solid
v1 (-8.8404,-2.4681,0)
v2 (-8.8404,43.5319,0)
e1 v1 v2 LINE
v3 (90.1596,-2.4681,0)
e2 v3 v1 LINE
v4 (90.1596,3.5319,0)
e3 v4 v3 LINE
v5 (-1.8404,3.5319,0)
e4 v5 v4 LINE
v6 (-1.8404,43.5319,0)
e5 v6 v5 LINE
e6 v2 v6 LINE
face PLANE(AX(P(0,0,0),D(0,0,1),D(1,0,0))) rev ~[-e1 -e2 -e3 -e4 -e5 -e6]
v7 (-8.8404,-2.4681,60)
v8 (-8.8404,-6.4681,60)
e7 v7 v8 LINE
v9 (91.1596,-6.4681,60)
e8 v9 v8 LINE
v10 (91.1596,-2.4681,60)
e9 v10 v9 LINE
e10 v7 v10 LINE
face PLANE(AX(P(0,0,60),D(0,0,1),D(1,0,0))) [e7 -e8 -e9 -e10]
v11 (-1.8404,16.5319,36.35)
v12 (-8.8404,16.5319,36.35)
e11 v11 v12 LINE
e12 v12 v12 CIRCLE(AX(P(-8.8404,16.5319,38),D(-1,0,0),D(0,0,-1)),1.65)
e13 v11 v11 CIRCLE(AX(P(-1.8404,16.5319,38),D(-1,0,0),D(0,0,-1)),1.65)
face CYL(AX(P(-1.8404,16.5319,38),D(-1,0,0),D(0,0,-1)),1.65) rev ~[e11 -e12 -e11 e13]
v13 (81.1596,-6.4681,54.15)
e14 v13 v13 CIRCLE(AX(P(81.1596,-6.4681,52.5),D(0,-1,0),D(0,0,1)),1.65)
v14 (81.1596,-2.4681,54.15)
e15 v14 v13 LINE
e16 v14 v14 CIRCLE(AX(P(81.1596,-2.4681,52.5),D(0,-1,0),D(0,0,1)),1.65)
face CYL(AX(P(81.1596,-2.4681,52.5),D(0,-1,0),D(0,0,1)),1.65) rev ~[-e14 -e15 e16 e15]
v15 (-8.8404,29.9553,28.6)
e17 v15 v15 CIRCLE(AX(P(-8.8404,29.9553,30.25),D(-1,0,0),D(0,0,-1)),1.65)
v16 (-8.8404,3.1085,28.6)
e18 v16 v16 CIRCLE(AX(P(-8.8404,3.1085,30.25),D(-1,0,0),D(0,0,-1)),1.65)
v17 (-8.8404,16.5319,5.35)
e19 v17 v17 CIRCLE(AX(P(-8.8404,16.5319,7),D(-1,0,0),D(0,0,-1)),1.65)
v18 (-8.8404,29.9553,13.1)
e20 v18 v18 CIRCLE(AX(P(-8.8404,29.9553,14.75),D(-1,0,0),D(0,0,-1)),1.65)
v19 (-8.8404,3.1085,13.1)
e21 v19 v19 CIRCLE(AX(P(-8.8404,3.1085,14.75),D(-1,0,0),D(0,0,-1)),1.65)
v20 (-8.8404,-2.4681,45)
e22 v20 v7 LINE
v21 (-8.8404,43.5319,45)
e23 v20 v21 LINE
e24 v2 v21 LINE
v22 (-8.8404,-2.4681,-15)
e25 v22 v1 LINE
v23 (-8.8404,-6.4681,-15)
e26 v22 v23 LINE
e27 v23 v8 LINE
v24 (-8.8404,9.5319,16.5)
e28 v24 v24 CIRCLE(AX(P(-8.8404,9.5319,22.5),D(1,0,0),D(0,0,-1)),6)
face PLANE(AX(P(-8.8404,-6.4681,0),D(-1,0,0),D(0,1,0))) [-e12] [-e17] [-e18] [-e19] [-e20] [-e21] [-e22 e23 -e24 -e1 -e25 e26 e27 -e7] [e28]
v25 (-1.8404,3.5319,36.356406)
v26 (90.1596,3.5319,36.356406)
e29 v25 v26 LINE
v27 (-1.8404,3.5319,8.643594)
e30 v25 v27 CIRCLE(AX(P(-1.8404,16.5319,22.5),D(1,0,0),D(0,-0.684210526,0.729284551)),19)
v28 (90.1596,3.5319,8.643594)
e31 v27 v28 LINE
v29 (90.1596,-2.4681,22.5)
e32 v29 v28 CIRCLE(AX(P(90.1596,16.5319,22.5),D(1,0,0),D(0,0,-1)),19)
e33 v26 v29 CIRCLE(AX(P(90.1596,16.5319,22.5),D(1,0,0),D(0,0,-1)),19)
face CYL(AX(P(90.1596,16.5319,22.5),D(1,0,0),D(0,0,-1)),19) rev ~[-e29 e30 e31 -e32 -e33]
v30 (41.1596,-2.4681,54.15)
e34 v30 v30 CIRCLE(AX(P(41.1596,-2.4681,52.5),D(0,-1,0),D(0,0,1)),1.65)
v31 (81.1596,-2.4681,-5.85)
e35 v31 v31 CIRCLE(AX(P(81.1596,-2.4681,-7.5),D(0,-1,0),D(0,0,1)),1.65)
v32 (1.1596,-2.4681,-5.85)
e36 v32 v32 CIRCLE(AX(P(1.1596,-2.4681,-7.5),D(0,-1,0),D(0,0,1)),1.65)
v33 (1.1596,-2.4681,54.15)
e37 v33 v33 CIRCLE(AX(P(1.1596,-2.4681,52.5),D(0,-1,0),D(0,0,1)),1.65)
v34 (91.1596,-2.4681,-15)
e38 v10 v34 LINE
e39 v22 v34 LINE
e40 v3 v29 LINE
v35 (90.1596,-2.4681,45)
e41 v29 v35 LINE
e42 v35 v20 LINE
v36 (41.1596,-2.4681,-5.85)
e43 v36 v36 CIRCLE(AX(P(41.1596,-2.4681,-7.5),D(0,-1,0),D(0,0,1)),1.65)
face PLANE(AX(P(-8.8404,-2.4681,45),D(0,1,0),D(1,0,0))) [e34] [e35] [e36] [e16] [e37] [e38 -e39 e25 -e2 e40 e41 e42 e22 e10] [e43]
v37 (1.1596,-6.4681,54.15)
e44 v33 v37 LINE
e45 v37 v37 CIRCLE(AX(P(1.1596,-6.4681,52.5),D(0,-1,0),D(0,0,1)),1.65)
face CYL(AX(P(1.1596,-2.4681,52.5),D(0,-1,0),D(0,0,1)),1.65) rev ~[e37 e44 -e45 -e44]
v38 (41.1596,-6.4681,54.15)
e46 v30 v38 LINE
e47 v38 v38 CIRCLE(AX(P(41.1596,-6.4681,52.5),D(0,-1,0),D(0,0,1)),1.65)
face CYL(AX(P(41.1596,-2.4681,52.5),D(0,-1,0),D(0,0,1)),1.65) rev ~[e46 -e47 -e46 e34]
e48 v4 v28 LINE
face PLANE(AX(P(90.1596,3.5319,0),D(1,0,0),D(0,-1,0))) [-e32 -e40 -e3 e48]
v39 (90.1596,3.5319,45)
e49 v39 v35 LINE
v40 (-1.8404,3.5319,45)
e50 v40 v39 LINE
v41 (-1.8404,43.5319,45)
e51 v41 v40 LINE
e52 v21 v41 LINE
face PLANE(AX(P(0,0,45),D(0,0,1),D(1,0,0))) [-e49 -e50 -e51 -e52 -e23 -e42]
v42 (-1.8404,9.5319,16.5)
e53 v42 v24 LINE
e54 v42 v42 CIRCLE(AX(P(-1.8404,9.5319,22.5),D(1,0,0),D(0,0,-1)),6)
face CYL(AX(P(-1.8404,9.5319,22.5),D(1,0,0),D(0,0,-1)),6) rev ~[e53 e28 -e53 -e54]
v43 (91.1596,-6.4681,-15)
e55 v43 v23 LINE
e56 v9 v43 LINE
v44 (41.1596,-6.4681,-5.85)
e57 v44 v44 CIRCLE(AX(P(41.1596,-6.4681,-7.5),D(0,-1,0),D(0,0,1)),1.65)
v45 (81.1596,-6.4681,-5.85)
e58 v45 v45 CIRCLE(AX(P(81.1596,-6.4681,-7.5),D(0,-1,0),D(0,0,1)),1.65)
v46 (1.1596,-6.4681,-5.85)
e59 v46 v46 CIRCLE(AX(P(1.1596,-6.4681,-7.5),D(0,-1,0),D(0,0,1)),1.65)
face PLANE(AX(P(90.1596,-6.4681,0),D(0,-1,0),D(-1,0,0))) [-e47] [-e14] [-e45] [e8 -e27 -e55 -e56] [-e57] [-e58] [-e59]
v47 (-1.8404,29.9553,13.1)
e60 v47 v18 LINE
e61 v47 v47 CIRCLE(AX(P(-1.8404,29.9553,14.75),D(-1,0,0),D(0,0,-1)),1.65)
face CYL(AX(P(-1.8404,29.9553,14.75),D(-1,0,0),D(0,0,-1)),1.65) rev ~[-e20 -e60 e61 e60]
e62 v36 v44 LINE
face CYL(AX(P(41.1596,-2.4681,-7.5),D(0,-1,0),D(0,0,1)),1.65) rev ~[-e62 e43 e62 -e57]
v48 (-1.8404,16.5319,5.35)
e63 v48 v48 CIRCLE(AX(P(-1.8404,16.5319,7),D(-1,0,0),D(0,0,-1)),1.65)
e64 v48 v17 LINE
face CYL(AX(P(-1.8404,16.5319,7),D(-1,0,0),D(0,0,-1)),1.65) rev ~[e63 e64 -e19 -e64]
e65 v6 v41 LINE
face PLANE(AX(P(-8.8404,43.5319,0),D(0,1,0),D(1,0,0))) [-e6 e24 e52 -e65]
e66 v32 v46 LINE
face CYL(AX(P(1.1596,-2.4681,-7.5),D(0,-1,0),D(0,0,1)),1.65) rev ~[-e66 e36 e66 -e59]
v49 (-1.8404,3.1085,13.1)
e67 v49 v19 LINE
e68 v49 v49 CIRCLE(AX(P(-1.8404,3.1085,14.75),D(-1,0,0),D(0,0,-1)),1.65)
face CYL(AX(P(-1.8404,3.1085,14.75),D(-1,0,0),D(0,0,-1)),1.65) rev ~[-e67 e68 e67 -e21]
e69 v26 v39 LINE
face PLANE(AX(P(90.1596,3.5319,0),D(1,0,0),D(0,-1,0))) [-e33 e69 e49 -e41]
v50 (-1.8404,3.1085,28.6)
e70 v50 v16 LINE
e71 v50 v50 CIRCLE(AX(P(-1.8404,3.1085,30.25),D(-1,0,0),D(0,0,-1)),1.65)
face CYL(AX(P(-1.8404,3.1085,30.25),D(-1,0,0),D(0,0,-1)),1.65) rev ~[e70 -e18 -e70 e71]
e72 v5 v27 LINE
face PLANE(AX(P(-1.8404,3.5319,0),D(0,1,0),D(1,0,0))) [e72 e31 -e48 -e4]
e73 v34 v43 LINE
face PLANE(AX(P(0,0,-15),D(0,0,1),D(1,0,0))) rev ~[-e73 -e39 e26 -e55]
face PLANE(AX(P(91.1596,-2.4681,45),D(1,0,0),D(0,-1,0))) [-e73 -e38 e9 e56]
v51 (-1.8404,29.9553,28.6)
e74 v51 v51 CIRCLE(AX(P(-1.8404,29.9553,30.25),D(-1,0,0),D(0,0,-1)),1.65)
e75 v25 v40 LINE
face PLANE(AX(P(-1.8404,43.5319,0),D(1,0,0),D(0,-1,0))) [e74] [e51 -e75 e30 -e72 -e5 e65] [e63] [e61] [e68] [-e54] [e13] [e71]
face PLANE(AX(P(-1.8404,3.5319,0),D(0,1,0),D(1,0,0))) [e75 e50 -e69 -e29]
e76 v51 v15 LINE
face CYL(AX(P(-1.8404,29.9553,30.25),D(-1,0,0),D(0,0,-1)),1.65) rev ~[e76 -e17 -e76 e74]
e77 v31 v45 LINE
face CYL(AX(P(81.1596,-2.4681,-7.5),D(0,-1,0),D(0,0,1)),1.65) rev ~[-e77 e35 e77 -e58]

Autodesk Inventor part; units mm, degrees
ref_plane "YZ Plane" through (0, 0, 0) normal (1, 0, 0) x (0, 1, 0)
ref_plane "XZ Plane" through (0, 0, 0) normal (0, 1, 0) x (-1, 0, 0)
ref_plane "XY Plane" through (0, 0, 0) normal (0, 0, 1) x (1, 0, 0)
sketch "Sketch1" plane through (0, 0, 0) normal (0, 0, 1) x (1, 0, 0)
  line L0 (-8.8404, 43.5319) -> (-1.8404, 43.5319)
  line L1 (-1.8404, 43.5319) -> (-1.8404, 3.5319)
  line L2 (-1.8404, 3.5319) -> (90.1596, 3.5319)
  line L3 (90.1596, 3.5319) -> (90.1596, -6.4681)
  line L4 (90.1596, -6.4681) -> (-8.8404, -6.4681)
  line L5 (-8.8404, -6.4681) -> (-8.8404, 43.5319)
  point P0 (0, 0)
  dimension "d0" = 10
  dimension "d1" = 50
  dimension "d2" = 7
  dimension "d4" = 92
extrude "Extrusion1" add sketch "Sketch1" along normal blind 45
sketch "Sketch3" plane through (90.1596, -6.4681, 0) normal (1, 0, 0) x (0, 0, -1)
  circle A0 centre (-22.5, 23) radius 19
  line L0 (0, 0) -> (-45, 0) projected
  line L1 (-45, 0) -> (-45, 10) projected
  point P0 (0, 6.4681)
  dimension "d7" = 38
  dimension "d8" = 23
  dimension "d9" = 22.5
extrude "Extrusion2" cut sketch "Sketch3" against normal up to surface (92 mm away)
sketch "Sketch4" plane through (-1.8404, 3.5319, 0) normal (1, 0, 0) x (0, 0, -1)
  arc A0 (-36.3564, 0) -> (-8.6436, 0) centre (-22.5, 13) ccw projected
  circle A1 centre (-22.5, 13) radius 19
  circle A2 centre (-22.5, 6) radius 3.25
  line L0 (0, -10) -> (0, 0) projected
  circle A3 centre (-22.5, 13) radius 15.5
  circle A4 centre (-38, 13) radius 2.166
  circle A5 centre (-30.25, 26.4234) radius 2.1809
  circle A6 centre (-14.75, 26.4234) radius 2.0998
  circle A7 centre (-7, 13) radius 1.7963
  circle A8 centre (-14.75, -0.4234) radius 2.628
  circle A9 centre (-30.25, -0.4234) radius 2.0573
  line L1 (-38, 13) -> (-22.5, 13)
  line L2 (-22.5, 13) -> (-7, 13)
  line L3 (-14.75, 26.4234) -> (-22.5, 13)
  line L4 (-14.75, -0.4234) -> (-22.5, 13)
  line L5 (-30.25, -0.4234) -> (-22.5, 13)
  line L6 (-30.25, 26.4234) -> (-22.5, 13)
  point P0 (0, -3.5319)
  dimension "d12" = 38
  dimension "d13" = 7
  dimension "d14" = 6.5
  dimension "d15" = 22.5
  dimension "d16" = 31
  dimension "d17" = 60
  dimension "d18" = 60
  dimension "d19" = 60
  dimension "d20" = 60
hole "Hole1" at (-1.8404, 29.9553, 30.25) at (-1.8404, 29.9553, 14.75) at (-1.8404, 16.5319, 7) at (-1.8404, 3.1085, 14.75) at (-1.8404, 3.1085, 30.25) at (-1.8404, 16.5319, 38) direction (-1, 0, 0) diameter 3.3 end through all
sketch "Sketch5" plane through (-1.8404, 3.5319, 0) normal (1, 0, 0) x (0, 0, -1)
  point P0 (0, -3.5319)
sketch "Sketch6" plane through (-1.8404, 3.5319, 0) normal (1, 0, 0) x (0, 0, -1)
  circle A0 centre (-22.5, 6) radius 6
  line L0 (-45, 0) -> (-45, 40) projected
  arc A1 (-36.3564, 0) -> (-8.6436, 0) centre (-22.5, 13) ccw projected
  circle A2 centre (-22.5, 13) radius 19
  point P0 (0, -3.5319)
  dimension "d28" = 12
  dimension "d29" = 22.5
  dimension "d30" = 7
extrude "Extrusion3" cut sketch "Sketch6" against normal up to surface (7 mm away) contours A0
sketch "Sketch7" plane through (0, 0, 45) normal (0, 0, 1) x (1, 0, 0)
  line L0 (-8.8404, 43.5319) -> (-8.8404, -6.4681) projected
  line L1 (91.1596, -6.4681) -> (-8.8404, -6.4681)
  line L2 (-8.8404, -6.4681) -> (-8.8404, -2.4681)
  line L3 (-8.8404, -2.4681) -> (91.1596, -2.4681)
  line L4 (91.1596, -2.4681) -> (91.1596, -6.4681)
  point P0 (90.1596, 3.5319)
  dimension "d33" = 4
  dimension "d55" = 100
extrude "Extrusion4" add sketch "Sketch7" along normal blind 15 and the other way blind 60
sketch "Sketch8" plane through (-8.8404, -2.4681, 0) normal (0, 1, 0) x (1, 0, 0)
  circle A0 centre (10, 7.5) radius 4.4582
  circle A1 centre (90, 7.5) radius 4.9921
  circle A2 centre (10, -52.5) radius 4.3054
  circle A3 centre (90, -52.5) radius 4.5947
  line L0 (0, 15) -> (100, 15) projected
  line L1 (0, 15) -> (0, 0) projected
  line L2 (100, 15) -> (100, -60) projected
  line L3 (100, 15) -> (100, -60) projected
  line L4 (100, -60) -> (0, -60) projected
  line L5 (0, -45) -> (0, -60) projected
  circle A4 centre (50, -52.5) radius 3.4509
  circle A5 centre (50, 7.5) radius 3.4509
  point P0 (8.8404, 0)
  point P1 (99, 0)
  point P2 (99, -45)
  dimension "d38" = 7.5
  dimension "d39" = 10
  dimension "d40" = 10
  dimension "d41" = 7.5
  dimension "d42" = 10
  dimension "d43" = 7.5
  dimension "d44" = 10
  dimension "d45" = 7.5
  dimension "d53" = 50
  dimension "d54" = 50
hole "Hole2" at (1.1596, -2.4681, -7.5) at (81.1596, -2.4681, -7.5) at (81.1596, -2.4681, 52.5) at (1.1596, -2.4681, 52.5) at (41.1596, -2.4681, 52.5) at (41.1596, -2.4681, -7.5) direction (0, -1, 0) diameter 3.3 end through all
properties part number "Support_moteur"
